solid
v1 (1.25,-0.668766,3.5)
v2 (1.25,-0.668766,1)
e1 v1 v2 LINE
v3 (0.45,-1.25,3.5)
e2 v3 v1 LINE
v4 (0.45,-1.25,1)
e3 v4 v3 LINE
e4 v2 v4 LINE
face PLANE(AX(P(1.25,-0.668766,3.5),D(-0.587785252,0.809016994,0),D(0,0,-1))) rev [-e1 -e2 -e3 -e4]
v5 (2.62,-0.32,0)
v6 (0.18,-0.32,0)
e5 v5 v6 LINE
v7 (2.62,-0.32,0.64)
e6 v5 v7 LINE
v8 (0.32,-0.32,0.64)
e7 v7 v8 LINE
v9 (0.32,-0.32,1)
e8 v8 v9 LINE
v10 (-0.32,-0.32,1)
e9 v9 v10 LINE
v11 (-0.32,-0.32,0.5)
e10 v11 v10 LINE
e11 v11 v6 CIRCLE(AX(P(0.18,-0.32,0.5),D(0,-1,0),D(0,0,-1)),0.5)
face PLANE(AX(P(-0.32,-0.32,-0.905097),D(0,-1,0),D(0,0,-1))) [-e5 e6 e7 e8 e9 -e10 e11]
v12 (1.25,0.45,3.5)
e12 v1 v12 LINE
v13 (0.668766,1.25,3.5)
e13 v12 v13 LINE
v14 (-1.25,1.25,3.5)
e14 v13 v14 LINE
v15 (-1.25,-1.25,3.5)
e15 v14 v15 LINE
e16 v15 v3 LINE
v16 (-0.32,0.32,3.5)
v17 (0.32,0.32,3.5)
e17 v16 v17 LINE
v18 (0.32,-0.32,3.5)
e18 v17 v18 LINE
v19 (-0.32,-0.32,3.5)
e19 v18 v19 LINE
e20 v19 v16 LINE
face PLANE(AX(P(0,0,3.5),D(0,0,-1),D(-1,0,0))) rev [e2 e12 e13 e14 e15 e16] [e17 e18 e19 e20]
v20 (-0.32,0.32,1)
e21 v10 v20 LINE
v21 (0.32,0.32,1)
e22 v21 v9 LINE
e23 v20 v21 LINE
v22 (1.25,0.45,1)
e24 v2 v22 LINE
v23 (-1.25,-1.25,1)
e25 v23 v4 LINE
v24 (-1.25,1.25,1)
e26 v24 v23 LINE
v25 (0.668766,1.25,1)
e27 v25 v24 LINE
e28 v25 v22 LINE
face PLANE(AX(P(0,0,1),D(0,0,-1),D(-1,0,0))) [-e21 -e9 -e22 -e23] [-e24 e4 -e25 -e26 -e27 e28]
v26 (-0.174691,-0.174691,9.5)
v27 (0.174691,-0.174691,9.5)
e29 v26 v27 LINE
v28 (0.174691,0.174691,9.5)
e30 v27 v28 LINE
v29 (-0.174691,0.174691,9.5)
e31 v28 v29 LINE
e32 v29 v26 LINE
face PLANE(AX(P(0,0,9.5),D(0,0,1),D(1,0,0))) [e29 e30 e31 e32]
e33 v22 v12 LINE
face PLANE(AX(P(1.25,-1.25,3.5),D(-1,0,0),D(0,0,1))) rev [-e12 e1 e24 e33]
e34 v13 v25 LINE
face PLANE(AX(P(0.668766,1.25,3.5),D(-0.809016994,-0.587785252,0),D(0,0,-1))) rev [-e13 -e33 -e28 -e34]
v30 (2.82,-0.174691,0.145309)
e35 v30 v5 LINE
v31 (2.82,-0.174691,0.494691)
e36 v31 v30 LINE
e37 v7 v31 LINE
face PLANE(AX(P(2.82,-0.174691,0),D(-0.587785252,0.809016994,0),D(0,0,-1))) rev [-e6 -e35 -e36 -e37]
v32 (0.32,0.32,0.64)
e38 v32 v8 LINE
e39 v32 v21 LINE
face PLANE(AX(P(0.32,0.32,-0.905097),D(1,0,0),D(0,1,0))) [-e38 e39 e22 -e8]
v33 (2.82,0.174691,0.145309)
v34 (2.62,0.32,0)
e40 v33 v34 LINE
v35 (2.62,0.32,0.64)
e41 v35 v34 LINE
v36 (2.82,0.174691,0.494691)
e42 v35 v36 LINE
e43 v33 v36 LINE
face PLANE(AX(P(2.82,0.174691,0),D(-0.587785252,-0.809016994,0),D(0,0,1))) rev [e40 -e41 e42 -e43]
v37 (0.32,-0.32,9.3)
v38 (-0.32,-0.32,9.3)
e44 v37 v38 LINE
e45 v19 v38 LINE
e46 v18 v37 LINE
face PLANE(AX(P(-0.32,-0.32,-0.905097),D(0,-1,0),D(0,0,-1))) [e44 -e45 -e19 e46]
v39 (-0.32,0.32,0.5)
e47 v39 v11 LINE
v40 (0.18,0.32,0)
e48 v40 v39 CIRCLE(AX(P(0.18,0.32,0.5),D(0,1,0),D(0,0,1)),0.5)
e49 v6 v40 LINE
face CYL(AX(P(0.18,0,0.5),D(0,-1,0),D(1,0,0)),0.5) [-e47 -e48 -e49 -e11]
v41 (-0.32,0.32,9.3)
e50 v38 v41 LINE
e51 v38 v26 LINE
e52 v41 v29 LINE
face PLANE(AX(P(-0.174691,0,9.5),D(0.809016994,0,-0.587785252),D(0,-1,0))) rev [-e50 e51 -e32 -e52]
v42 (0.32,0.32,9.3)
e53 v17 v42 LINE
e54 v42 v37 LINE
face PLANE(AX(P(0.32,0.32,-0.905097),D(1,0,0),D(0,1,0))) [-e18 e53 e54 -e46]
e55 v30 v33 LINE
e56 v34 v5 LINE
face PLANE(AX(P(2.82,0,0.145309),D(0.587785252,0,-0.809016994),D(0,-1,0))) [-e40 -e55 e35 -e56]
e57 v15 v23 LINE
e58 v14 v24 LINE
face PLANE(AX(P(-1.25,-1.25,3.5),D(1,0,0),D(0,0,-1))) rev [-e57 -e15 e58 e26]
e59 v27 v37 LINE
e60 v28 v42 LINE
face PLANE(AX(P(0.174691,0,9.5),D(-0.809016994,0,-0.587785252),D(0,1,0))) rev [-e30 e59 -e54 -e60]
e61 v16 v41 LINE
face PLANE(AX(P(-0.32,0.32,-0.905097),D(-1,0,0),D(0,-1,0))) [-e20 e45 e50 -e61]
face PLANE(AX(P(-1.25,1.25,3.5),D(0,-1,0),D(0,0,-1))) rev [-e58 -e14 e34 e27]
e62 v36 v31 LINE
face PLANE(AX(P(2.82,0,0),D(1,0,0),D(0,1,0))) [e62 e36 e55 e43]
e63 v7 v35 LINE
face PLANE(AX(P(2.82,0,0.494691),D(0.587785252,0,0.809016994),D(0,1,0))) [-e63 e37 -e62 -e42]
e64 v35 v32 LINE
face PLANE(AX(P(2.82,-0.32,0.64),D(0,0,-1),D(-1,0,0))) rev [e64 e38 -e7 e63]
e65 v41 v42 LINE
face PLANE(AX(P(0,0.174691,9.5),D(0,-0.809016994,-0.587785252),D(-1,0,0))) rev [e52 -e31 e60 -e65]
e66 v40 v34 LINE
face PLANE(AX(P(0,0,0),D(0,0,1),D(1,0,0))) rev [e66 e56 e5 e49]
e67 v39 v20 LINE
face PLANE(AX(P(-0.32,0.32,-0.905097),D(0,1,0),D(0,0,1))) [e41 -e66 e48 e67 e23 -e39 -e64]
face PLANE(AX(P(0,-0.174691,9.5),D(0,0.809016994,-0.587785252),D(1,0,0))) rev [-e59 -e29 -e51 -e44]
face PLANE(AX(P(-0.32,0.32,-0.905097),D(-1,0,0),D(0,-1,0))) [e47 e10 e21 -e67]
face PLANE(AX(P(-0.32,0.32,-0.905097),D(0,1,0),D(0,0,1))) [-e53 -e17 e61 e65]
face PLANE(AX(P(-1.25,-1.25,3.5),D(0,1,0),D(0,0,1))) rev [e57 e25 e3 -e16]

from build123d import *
from OCP.BRepFilletAPI import BRepFilletAPI_MakeChamfer

# Parameters (mm, degrees)
SKETCH_1_W           = 2.5
SKETCH_1_H           = 2.5
EXTRUDE_1_DEPTH      = 2.5
EXTRUDE_2_DEPTH      = 6
EXTRUDE_2_DEPTH_BACK = 3.5
SKETCH_2_W           = 0.64
SKETCH_2_H           = 0.64
SKETCH_4_W           = 0.64
SKETCH_4_H           = 0.64
EXTRUDE_4_DEPTH      = 2.5
FILLET_1_R           = 0.5
CHAMFER_1_SIZE       = 0.2
CHAMFER_1_SIZE2      = 0.145308506
CHAMFER_2_SIZE       = 0.8
CHAMFER_2_SIZE2      = 0.581234022


with BuildPart() as part:
    # Эскиз1 → Бобышка-Вытянуть1 (new body)
    with BuildSketch(Plane.XY.offset(1)):
        Rectangle(SKETCH_1_W, SKETCH_1_H)
    extrude(amount=EXTRUDE_1_DEPTH)

    # Эскиз2 → Бобышка-Вытянуть2 (add, two sides: drawn at the far end of the back side and taken through both)
    with BuildSketch(Plane.XY.offset(3.5).offset(-EXTRUDE_2_DEPTH_BACK)):
        Rectangle(SKETCH_2_W, SKETCH_2_H)
    extrude(amount=EXTRUDE_2_DEPTH + EXTRUDE_2_DEPTH_BACK)

    # Эскиз4 → Бобышка-Вытянуть4 (add)
    with BuildSketch(Plane(origin=(0.32, 0, 0), x_dir=(0, 0, -1), z_dir=(1, 0, 0))):
        with Locations((-0.32, 0)):
            Rectangle(SKETCH_4_W, SKETCH_4_H)
    extrude(amount=EXTRUDE_4_DEPTH)

    # Скругление1
    fillet_1_edges = [part.edges().sort_by_distance(p)[0] for p in [
        (-0.32, 0, 0),
    ]]
    fillet(fillet_1_edges, radius=FILLET_1_R)

    # Фаска1: one chamfer whose edges measure the first distance from different faces: ONE call of the kernel's chamfer builder (chamfer() names one face for all edges)
    chamfer_1_edges_1 = [part.edges().sort_by_distance(p)[0] for p in [
        (0.32, 0, 9.5),
    ]]
    chamfer_1_side_1 = [part.faces().sort_by_distance(p)[0] for p in [
        (0.32, 0, 6.5),
    ]]
    chamfer_1_edges_2 = [part.edges().sort_by_distance(p)[0] for p in [
        (0, 0.32, 9.5),
    ]]
    chamfer_1_side_2 = [part.faces().sort_by_distance(p)[0] for p in [
        (0, 0.32, 6.5),
    ]]
    chamfer_1_edges_3 = [part.edges().sort_by_distance(p)[0] for p in [
        (-0.32, 0, 9.5),
    ]]
    chamfer_1_side_3 = [part.faces().sort_by_distance(p)[0] for p in [
        (-0.32, 0, 6.5),
    ]]
    chamfer_1_edges_4 = [part.edges().sort_by_distance(p)[0] for p in [
        (0, -0.32, 9.5),
    ]]
    chamfer_1_side_4 = [part.faces().sort_by_distance(p)[0] for p in [
        (0, -0.32, 6.5),
    ]]
    chamfer_1_edges_5 = [part.edges().sort_by_distance(p)[0] for p in [
        (2.82, 0, 0),
    ]]
    chamfer_1_side_5 = [part.faces().sort_by_distance(p)[0] for p in [
        (1.5, 0, 0),
    ]]
    chamfer_1_edges_6 = [part.edges().sort_by_distance(p)[0] for p in [
        (2.82, 0.32, 0.32),
    ]]
    chamfer_1_side_6 = [part.faces().sort_by_distance(p)[0] for p in [
        (1.154058948, 0.32, 0.3778024),
    ]]
    chamfer_1_edges_7 = [part.edges().sort_by_distance(p)[0] for p in [
        (2.82, 0, 0.64),
    ]]
    chamfer_1_side_7 = [part.faces().sort_by_distance(p)[0] for p in [
        (1.57, 0, 0.64),
    ]]
    chamfer_1_edges_8 = [part.edges().sort_by_distance(p)[0] for p in [
        (2.82, -0.32, 0.32),
    ]]
    chamfer_1_side_8 = [part.faces().sort_by_distance(p)[0] for p in [
        (1.154058948, -0.32, 0.3778024),
    ]]
    chamfer_1 = BRepFilletAPI_MakeChamfer(part.part.solid().wrapped)
    for e in chamfer_1_edges_1:
        chamfer_1.Add(CHAMFER_1_SIZE, CHAMFER_1_SIZE2, e.wrapped, chamfer_1_side_1[0].wrapped)  # the first distance lies on this face
    for e in chamfer_1_edges_2:
        chamfer_1.Add(CHAMFER_1_SIZE, CHAMFER_1_SIZE2, e.wrapped, chamfer_1_side_2[0].wrapped)  # the first distance lies on this face
    for e in chamfer_1_edges_3:
        chamfer_1.Add(CHAMFER_1_SIZE, CHAMFER_1_SIZE2, e.wrapped, chamfer_1_side_3[0].wrapped)  # the first distance lies on this face
    for e in chamfer_1_edges_4:
        chamfer_1.Add(CHAMFER_1_SIZE, CHAMFER_1_SIZE2, e.wrapped, chamfer_1_side_4[0].wrapped)  # the first distance lies on this face
    for e in chamfer_1_edges_5:
        chamfer_1.Add(CHAMFER_1_SIZE, CHAMFER_1_SIZE2, e.wrapped, chamfer_1_side_5[0].wrapped)  # the first distance lies on this face
    for e in chamfer_1_edges_6:
        chamfer_1.Add(CHAMFER_1_SIZE, CHAMFER_1_SIZE2, e.wrapped, chamfer_1_side_6[0].wrapped)  # the first distance lies on this face
    for e in chamfer_1_edges_7:
        chamfer_1.Add(CHAMFER_1_SIZE, CHAMFER_1_SIZE2, e.wrapped, chamfer_1_side_7[0].wrapped)  # the first distance lies on this face
    for e in chamfer_1_edges_8:
        chamfer_1.Add(CHAMFER_1_SIZE, CHAMFER_1_SIZE2, e.wrapped, chamfer_1_side_8[0].wrapped)  # the first distance lies on this face
    add(Compound.cast(chamfer_1.Shape()), mode=Mode.REPLACE)

    # Фаска2: one chamfer whose edges measure the first distance from different faces: ONE call of the kernel's chamfer builder (chamfer() names one face for all edges)
    chamfer_2_edges_1 = [part.edges().sort_by_distance(p)[0] for p in [
        (1.25, -1.25, 2.25),
    ]]
    chamfer_2_side_1 = [part.faces().sort_by_distance(p)[0] for p in [
        (0, -1.25, 2.25),
    ]]
    chamfer_2_edges_2 = [part.edges().sort_by_distance(p)[0] for p in [
        (1.25, 1.25, 2.25),
    ]]
    chamfer_2_side_2 = [part.faces().sort_by_distance(p)[0] for p in [
        (1.25, 0, 2.25),
    ]]
    chamfer_2 = BRepFilletAPI_MakeChamfer(part.part.solid().wrapped)
    for e in chamfer_2_edges_1:
        chamfer_2.Add(CHAMFER_2_SIZE, CHAMFER_2_SIZE2, e.wrapped, chamfer_2_side_1[0].wrapped)  # the first distance lies on this face
    for e in chamfer_2_edges_2:
        chamfer_2.Add(CHAMFER_2_SIZE, CHAMFER_2_SIZE2, e.wrapped, chamfer_2_side_2[0].wrapped)  # the first distance lies on this face
    add(Compound.cast(chamfer_2.Shape()), mode=Mode.REPLACE)


solid = part.part
